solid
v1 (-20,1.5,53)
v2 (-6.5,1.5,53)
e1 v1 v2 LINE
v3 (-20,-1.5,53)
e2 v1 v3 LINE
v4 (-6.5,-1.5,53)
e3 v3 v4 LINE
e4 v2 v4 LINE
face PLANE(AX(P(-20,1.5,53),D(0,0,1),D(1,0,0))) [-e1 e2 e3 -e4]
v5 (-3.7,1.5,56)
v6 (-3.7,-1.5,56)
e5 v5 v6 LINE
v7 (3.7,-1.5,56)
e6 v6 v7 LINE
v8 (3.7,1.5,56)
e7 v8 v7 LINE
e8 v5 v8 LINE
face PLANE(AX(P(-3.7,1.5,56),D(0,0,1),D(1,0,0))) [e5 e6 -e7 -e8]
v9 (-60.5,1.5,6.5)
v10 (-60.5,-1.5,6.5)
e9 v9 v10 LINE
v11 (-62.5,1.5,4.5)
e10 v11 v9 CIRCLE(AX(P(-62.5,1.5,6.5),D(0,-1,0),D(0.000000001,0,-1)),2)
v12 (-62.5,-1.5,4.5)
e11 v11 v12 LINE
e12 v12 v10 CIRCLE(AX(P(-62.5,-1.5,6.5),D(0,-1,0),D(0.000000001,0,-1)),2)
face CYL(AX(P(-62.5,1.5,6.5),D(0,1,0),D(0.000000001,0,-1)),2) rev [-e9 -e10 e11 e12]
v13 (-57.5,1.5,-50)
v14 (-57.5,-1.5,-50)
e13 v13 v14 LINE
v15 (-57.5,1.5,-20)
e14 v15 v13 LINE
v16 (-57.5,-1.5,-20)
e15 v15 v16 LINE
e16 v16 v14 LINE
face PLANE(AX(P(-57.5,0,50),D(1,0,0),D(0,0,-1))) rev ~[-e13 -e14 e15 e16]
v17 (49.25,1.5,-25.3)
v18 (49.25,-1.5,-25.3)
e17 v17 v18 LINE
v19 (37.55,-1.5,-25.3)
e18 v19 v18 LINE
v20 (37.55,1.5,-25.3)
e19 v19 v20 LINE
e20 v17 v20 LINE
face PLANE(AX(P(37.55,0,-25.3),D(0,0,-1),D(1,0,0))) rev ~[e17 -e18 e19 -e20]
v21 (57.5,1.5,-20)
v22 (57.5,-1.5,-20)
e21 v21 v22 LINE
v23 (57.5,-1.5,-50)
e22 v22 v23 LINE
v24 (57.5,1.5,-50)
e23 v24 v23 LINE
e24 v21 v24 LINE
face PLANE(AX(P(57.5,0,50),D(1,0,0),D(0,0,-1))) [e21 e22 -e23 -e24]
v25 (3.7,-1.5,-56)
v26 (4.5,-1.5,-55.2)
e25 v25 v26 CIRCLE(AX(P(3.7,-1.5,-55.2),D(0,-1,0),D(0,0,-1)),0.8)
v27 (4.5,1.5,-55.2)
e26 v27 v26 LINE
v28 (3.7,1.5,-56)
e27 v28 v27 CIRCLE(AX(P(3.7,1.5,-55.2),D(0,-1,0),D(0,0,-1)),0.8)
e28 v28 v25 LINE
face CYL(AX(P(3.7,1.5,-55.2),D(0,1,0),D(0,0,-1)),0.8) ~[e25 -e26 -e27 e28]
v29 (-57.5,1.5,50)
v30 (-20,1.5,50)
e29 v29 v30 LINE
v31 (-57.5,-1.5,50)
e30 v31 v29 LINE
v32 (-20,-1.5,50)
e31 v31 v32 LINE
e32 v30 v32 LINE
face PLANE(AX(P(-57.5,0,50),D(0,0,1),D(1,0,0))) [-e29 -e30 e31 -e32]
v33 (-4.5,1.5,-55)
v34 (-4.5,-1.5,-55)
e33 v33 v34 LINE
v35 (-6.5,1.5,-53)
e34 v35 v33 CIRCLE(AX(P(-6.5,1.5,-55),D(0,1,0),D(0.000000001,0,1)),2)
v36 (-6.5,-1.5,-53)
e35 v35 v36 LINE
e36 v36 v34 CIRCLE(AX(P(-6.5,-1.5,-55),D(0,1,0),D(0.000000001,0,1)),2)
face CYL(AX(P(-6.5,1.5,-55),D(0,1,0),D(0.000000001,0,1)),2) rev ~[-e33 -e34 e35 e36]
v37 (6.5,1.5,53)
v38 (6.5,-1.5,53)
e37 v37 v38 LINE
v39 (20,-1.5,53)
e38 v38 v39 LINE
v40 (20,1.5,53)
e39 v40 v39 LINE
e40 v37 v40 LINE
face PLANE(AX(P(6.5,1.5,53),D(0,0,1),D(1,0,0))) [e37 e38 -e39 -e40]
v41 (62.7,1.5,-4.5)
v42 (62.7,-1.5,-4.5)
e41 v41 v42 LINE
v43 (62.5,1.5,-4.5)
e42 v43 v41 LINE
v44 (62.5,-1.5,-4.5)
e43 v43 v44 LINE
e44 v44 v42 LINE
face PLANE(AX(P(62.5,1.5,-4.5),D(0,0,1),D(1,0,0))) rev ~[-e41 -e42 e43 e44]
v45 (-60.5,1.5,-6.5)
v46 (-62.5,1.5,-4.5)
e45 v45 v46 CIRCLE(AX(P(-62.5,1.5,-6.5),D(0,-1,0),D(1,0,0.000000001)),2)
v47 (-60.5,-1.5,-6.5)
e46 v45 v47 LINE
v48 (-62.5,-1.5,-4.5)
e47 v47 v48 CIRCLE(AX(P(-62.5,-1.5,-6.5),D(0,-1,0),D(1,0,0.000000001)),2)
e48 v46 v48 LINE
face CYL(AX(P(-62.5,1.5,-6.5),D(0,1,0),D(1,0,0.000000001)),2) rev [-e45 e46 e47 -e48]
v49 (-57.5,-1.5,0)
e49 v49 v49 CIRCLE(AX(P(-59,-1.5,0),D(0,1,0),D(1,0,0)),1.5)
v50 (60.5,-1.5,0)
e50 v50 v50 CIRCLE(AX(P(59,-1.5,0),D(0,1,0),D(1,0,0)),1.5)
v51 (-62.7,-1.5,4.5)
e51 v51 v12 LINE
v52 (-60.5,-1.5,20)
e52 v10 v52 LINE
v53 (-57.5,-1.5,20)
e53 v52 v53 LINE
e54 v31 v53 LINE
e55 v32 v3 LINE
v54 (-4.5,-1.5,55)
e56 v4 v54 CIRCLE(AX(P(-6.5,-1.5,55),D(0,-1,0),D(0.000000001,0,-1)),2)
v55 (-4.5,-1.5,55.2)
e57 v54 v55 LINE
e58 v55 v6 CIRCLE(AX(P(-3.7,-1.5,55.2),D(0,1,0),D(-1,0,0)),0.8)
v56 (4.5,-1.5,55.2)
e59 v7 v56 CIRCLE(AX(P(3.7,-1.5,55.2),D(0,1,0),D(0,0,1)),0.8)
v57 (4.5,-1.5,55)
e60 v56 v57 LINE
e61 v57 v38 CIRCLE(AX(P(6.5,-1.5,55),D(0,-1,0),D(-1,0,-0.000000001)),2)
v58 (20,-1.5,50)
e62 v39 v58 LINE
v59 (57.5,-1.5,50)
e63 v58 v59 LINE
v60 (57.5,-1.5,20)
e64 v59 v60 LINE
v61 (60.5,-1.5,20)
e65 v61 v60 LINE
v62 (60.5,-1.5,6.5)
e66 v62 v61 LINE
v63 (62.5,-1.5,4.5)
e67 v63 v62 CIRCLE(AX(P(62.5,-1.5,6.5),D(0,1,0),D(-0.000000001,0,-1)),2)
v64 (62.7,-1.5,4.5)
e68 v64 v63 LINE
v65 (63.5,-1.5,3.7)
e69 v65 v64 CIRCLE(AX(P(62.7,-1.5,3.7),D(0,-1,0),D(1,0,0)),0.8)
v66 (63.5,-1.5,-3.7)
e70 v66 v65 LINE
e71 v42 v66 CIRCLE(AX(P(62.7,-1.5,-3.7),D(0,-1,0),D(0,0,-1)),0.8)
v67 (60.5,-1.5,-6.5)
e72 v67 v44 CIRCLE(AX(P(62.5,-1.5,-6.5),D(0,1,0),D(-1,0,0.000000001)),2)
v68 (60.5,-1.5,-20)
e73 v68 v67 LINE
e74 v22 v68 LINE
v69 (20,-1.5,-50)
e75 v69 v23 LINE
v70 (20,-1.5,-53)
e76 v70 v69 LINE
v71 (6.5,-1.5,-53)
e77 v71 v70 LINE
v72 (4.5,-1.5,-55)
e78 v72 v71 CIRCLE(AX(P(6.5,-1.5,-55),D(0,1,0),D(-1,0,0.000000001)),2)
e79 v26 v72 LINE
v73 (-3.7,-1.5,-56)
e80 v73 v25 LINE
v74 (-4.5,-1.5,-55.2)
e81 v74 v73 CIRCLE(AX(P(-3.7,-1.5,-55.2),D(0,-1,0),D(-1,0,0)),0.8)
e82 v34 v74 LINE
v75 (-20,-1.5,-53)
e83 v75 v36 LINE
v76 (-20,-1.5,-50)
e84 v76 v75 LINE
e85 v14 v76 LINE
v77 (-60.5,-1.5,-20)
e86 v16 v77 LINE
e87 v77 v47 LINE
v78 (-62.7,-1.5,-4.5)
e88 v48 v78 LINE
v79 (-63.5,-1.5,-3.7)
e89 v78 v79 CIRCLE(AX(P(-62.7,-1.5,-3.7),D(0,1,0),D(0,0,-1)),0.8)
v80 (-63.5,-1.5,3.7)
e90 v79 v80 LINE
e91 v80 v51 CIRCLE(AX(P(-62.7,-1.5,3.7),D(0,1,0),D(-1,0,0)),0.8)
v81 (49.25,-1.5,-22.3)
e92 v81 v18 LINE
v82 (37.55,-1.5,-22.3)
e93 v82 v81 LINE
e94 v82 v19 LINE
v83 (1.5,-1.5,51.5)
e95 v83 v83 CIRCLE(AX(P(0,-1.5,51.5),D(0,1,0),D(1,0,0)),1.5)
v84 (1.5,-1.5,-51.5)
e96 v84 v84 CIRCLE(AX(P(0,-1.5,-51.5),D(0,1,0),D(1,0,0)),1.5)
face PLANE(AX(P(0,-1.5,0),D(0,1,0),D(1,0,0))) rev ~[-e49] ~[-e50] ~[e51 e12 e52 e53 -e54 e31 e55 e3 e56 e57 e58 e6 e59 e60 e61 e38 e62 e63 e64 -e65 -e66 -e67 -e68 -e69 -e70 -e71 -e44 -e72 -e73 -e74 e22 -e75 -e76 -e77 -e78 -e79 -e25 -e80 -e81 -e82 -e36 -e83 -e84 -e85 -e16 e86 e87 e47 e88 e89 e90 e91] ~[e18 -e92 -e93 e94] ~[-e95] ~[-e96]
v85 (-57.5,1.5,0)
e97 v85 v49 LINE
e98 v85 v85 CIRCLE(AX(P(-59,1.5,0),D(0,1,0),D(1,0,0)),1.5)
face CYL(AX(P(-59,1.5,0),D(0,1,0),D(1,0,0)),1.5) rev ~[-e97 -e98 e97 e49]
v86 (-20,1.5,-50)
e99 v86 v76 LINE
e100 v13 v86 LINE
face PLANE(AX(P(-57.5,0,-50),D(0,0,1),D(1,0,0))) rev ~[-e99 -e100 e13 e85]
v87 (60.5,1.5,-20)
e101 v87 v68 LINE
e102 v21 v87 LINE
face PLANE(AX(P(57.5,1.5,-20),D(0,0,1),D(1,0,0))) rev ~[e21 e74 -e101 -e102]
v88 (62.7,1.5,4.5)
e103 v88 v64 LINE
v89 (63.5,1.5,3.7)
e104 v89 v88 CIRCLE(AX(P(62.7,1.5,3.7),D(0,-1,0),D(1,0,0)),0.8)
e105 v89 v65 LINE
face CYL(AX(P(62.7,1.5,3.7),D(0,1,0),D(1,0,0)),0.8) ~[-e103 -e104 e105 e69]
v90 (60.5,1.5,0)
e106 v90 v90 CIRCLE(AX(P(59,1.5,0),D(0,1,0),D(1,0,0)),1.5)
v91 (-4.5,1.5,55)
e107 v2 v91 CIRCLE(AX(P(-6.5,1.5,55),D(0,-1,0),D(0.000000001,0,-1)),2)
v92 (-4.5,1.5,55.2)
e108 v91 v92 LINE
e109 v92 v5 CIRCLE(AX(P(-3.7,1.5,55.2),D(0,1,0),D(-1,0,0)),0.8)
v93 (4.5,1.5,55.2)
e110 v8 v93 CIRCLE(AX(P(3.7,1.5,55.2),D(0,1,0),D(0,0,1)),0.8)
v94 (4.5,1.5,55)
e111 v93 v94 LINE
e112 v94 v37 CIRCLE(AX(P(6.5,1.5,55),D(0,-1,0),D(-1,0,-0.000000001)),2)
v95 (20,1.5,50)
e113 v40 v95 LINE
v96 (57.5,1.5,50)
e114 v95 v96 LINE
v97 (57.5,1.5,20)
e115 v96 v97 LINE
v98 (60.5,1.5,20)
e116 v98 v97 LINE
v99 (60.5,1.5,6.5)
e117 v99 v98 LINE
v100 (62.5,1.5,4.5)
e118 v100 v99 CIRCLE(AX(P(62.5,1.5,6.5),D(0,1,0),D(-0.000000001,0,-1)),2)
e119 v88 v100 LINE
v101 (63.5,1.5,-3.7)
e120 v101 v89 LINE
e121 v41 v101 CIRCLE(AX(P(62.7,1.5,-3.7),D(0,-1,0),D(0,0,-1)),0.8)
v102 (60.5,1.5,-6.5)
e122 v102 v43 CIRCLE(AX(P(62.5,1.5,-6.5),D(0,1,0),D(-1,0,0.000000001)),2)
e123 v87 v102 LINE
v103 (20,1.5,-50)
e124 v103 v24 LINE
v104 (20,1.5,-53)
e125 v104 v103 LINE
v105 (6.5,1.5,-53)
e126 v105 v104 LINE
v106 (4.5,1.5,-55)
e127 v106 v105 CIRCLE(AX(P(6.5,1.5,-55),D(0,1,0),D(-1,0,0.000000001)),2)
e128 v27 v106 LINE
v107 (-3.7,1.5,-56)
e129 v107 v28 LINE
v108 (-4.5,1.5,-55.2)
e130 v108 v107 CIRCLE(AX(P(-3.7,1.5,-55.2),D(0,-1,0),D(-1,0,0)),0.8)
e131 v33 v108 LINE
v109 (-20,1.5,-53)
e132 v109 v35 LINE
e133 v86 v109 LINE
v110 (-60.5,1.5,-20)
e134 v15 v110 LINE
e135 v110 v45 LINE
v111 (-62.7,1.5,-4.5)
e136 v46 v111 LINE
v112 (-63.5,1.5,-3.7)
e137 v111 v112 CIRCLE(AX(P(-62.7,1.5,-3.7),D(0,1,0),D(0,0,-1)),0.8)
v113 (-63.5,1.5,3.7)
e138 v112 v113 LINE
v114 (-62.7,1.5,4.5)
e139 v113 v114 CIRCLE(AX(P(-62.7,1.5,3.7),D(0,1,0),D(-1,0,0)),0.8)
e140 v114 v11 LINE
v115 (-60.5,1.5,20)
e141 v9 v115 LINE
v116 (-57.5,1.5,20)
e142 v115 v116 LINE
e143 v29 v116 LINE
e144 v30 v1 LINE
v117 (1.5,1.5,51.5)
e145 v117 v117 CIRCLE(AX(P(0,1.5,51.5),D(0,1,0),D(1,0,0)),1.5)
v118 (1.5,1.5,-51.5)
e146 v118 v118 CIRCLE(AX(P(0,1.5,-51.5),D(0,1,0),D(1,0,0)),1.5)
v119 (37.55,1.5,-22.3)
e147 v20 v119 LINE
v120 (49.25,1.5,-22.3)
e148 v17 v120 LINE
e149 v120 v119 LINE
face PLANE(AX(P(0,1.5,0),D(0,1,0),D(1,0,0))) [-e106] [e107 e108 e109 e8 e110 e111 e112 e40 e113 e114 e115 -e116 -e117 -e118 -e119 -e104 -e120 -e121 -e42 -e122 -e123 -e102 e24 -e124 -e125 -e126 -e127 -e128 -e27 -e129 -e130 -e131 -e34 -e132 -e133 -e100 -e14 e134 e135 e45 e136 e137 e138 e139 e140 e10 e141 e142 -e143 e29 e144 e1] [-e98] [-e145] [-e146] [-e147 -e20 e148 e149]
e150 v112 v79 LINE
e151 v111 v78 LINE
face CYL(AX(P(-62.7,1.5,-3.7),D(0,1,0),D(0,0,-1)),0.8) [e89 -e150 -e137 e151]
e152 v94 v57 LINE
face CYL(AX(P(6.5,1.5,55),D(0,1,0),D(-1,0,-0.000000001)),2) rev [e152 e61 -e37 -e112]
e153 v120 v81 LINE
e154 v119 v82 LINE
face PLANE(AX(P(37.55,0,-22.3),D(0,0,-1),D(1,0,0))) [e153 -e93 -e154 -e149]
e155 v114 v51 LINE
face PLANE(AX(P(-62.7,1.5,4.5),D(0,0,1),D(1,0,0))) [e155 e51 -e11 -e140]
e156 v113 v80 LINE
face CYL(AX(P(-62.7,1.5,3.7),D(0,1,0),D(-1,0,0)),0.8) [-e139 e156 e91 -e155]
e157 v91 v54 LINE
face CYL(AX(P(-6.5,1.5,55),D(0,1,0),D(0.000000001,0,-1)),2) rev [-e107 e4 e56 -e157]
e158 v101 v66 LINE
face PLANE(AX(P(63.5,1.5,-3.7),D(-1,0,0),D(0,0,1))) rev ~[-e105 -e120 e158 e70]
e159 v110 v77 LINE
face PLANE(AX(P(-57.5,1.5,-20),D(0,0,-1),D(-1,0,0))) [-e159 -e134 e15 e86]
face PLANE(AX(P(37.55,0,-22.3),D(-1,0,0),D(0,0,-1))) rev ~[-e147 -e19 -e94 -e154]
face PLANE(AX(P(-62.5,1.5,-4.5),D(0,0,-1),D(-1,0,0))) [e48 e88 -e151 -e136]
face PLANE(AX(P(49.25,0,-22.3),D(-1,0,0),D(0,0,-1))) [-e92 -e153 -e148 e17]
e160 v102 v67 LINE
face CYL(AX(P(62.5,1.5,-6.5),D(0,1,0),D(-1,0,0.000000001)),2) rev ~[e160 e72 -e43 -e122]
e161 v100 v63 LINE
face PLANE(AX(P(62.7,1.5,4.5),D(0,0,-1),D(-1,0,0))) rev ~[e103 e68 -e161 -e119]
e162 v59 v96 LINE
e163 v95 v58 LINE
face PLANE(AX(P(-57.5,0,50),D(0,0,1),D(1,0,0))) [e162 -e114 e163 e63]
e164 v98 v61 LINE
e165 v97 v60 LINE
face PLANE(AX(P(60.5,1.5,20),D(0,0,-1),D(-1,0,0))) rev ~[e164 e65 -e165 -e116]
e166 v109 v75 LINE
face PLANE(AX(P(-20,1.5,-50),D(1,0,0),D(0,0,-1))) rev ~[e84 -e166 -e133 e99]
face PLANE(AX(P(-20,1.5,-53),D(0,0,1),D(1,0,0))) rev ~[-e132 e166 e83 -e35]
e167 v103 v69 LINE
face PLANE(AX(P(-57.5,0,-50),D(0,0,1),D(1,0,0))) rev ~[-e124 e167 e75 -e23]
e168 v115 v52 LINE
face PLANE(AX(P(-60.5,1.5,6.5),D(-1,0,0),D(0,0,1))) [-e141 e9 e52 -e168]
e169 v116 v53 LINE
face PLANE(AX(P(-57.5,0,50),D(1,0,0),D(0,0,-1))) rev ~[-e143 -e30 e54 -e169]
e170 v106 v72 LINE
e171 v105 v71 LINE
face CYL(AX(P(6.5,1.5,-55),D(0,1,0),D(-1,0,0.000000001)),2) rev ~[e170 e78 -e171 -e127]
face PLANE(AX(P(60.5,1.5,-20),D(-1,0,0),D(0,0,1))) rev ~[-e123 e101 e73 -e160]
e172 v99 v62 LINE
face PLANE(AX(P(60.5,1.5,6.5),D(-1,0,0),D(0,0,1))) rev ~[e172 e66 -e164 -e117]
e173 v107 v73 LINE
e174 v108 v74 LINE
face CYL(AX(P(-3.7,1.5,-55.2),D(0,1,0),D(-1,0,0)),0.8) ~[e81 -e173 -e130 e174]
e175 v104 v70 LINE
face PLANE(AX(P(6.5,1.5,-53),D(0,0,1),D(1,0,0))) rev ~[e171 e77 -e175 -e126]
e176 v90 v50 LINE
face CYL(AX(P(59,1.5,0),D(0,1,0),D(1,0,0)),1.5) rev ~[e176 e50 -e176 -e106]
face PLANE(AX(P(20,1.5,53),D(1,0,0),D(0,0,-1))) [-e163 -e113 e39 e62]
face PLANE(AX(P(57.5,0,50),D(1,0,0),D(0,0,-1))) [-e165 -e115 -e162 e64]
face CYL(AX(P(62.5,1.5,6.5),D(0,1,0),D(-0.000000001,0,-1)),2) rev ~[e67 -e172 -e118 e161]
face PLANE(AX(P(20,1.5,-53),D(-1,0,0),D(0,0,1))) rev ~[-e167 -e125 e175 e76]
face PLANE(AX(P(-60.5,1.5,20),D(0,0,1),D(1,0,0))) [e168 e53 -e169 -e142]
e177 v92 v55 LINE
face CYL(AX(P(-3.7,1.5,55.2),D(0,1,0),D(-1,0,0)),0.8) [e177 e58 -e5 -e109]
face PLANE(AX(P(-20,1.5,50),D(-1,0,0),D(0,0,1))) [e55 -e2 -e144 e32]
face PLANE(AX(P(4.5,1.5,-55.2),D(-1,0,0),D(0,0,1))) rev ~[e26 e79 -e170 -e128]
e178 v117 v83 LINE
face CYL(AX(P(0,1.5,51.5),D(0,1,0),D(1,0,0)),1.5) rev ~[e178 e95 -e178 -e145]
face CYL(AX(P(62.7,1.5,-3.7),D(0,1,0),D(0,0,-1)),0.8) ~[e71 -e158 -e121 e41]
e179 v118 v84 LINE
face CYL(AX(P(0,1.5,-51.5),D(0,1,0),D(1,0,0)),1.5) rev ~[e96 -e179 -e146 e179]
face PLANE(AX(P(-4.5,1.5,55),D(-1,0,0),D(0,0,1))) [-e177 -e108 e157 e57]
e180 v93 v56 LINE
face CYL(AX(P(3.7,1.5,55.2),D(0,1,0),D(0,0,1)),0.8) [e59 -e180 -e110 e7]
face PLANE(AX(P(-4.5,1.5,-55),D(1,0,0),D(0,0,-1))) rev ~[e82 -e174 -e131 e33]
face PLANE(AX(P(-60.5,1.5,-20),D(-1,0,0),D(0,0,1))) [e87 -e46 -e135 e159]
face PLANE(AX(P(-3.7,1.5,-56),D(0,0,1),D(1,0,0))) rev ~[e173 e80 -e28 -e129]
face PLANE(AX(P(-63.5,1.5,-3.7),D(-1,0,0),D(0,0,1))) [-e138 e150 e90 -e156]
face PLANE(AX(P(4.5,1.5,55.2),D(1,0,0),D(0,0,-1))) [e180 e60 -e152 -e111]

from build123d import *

# Parameters (mm, degrees)
ESBO_O1_W                = 115
ESBO_O1_H                = 100
RESSALTO_EXTRUS_O1_DEPTH = 1.5
RESSALTO_EXTRUS_O2_DEPTH = 3
ESBO_O2_R                = 1.5
CORTE_EXTRUS_O1_DEPTH    = 4
SKETCH2_W                = 11.7
SKETCH2_H                = 3
CUT_EXTRUDE3_DEPTH       = 2.5
CUT_EXTRUDE3_DEPTH_BACK  = 2.5


with BuildPart() as part:
    # Esboço1 → Ressalto-extrusão1 (new body, symmetric)
    with BuildSketch(Plane(origin=(0, 0, 0), x_dir=(1, 0, 0), z_dir=(0, 1, 0))):
        Rectangle(ESBO_O1_W, ESBO_O1_H)
    extrude(amount=RESSALTO_EXTRUS_O1_DEPTH, both=True)

    # Esboço4 → Ressalto-extrusão2 (add, through all)
    with BuildSketch(Plane(origin=(0, 1.5, 0), x_dir=(1, 0, 0), z_dir=(0, 1, 0))):
        with BuildLine():
            Line((6.5, 53), (20, 53))
            Line((20, 53), (20, 50))
            Line((20, 50), (-20, 50))
            Line((-20, 50), (-20, 53))
            Line((-20, 53), (-6.5, 53))
            ThreePointArc((-6.5, 53), (-5.085786438, 53.585786438), (-4.5, 55))
            Line((-4.5, 55), (-4.5, 55.2))
            ThreePointArc((-4.5, 55.2), (-4.265685425, 55.765685425), (-3.7, 56))
            Line((-3.7, 56), (3.7, 56))
            ThreePointArc((3.7, 56), (4.265685425, 55.765685425), (4.5, 55.2))
            Line((4.5, 55.2), (4.5, 55))
            ThreePointArc((4.5, 55), (5.085786438, 53.585786438), (6.5, 53))
        make_face()
        with BuildLine():
            Line((-63.5, 3.7), (-63.5, -3.7))
            ThreePointArc((-63.5, -3.7), (-63.265685425, -4.265685425), (-62.7, -4.5))
            Line((-62.7, -4.5), (-62.5, -4.5))
            ThreePointArc((-62.5, -4.5), (-61.085786438, -5.085786438), (-60.5, -6.5))
            Line((-60.5, -6.5), (-60.5, -20))
            Line((-60.5, -20), (-57.5, -20))
            Line((-57.5, -20), (-57.5, 20))
            Line((-57.5, 20), (-60.5, 20))
            Line((-60.5, 20), (-60.5, 6.5))
            ThreePointArc((-60.5, 6.5), (-61.085786438, 5.085786438), (-62.5, 4.5))
            Line((-62.5, 4.5), (-62.7, 4.5))
            ThreePointArc((-62.7, 4.5), (-63.265685425, 4.265685425), (-63.5, 3.7))
        make_face()
        with BuildLine():
            Line((4.5, -55.2), (4.5, -55))
            ThreePointArc((4.5, -55), (5.085786438, -53.585786438), (6.5, -53))
            Line((6.5, -53), (20, -53))
            Line((20, -53), (20, -50))
            Line((20, -50), (-20, -50))
            Line((-20, -50), (-20, -53))
            Line((-20, -53), (-6.5, -53))
            ThreePointArc((-6.5, -53), (-5.085786438, -53.585786438), (-4.5, -55))
            Line((-4.5, -55), (-4.5, -55.2))
            ThreePointArc((-4.5, -55.2), (-4.265685425, -55.765685425), (-3.7, -56))
            Line((-3.7, -56), (3.7, -56))
            ThreePointArc((3.7, -56), (4.265685425, -55.765685425), (4.5, -55.2))
        make_face()
        with BuildLine():
            Line((57.5, 20), (60.5, 20))
            Line((60.5, 20), (60.5, 6.5))
            ThreePointArc((60.5, 6.5), (61.085786438, 5.085786438), (62.5, 4.5))
            Line((62.5, 4.5), (62.7, 4.5))
            ThreePointArc((62.7, 4.5), (63.265685425, 4.265685425), (63.5, 3.7))
            Line((63.5, 3.7), (63.5, -3.7))
            ThreePointArc((63.5, -3.7), (63.265685425, -4.265685425), (62.7, -4.5))
            Line((62.7, -4.5), (62.5, -4.5))
            ThreePointArc((62.5, -4.5), (61.085786438, -5.085786438), (60.5, -6.5))
            Line((60.5, -6.5), (60.5, -20))
            Line((60.5, -20), (57.5, -20))
            Line((57.5, -20), (57.5, 20))
        make_face()
    extrude(amount=-RESSALTO_EXTRUS_O2_DEPTH)

    # Esboço2 → Corte-extrusão1 (cut, through all)
    with BuildSketch(Plane(origin=(0, 1.5, 0), x_dir=(1, 0, 0), z_dir=(0, 1, 0))):
        with Locations((0, -51.5)):
            Circle(ESBO_O2_R)
        with Locations((0, 51.5)):
            Circle(ESBO_O2_R)
        with Locations((59, 0)):
            Circle(ESBO_O2_R)
        with Locations((-59, 0)):
            Circle(ESBO_O2_R)
    extrude(amount=-CORTE_EXTRUS_O1_DEPTH, mode=Mode.SUBTRACT)

    # Sketch2 → Cut-Extrude3 (cut, two sides)
    with BuildSketch(Plane(origin=(0, 0, 0), x_dir=(1, 0, 0), z_dir=(0, 1, 0))) as cut_extrude3_sk:
        with Locations((43.4, 23.8)):
            Rectangle(SKETCH2_W, SKETCH2_H)
    extrude(amount=CUT_EXTRUDE3_DEPTH, mode=Mode.SUBTRACT)
    extrude(cut_extrude3_sk.sketch, amount=-CUT_EXTRUDE3_DEPTH_BACK, mode=Mode.SUBTRACT)


solid = part.part
